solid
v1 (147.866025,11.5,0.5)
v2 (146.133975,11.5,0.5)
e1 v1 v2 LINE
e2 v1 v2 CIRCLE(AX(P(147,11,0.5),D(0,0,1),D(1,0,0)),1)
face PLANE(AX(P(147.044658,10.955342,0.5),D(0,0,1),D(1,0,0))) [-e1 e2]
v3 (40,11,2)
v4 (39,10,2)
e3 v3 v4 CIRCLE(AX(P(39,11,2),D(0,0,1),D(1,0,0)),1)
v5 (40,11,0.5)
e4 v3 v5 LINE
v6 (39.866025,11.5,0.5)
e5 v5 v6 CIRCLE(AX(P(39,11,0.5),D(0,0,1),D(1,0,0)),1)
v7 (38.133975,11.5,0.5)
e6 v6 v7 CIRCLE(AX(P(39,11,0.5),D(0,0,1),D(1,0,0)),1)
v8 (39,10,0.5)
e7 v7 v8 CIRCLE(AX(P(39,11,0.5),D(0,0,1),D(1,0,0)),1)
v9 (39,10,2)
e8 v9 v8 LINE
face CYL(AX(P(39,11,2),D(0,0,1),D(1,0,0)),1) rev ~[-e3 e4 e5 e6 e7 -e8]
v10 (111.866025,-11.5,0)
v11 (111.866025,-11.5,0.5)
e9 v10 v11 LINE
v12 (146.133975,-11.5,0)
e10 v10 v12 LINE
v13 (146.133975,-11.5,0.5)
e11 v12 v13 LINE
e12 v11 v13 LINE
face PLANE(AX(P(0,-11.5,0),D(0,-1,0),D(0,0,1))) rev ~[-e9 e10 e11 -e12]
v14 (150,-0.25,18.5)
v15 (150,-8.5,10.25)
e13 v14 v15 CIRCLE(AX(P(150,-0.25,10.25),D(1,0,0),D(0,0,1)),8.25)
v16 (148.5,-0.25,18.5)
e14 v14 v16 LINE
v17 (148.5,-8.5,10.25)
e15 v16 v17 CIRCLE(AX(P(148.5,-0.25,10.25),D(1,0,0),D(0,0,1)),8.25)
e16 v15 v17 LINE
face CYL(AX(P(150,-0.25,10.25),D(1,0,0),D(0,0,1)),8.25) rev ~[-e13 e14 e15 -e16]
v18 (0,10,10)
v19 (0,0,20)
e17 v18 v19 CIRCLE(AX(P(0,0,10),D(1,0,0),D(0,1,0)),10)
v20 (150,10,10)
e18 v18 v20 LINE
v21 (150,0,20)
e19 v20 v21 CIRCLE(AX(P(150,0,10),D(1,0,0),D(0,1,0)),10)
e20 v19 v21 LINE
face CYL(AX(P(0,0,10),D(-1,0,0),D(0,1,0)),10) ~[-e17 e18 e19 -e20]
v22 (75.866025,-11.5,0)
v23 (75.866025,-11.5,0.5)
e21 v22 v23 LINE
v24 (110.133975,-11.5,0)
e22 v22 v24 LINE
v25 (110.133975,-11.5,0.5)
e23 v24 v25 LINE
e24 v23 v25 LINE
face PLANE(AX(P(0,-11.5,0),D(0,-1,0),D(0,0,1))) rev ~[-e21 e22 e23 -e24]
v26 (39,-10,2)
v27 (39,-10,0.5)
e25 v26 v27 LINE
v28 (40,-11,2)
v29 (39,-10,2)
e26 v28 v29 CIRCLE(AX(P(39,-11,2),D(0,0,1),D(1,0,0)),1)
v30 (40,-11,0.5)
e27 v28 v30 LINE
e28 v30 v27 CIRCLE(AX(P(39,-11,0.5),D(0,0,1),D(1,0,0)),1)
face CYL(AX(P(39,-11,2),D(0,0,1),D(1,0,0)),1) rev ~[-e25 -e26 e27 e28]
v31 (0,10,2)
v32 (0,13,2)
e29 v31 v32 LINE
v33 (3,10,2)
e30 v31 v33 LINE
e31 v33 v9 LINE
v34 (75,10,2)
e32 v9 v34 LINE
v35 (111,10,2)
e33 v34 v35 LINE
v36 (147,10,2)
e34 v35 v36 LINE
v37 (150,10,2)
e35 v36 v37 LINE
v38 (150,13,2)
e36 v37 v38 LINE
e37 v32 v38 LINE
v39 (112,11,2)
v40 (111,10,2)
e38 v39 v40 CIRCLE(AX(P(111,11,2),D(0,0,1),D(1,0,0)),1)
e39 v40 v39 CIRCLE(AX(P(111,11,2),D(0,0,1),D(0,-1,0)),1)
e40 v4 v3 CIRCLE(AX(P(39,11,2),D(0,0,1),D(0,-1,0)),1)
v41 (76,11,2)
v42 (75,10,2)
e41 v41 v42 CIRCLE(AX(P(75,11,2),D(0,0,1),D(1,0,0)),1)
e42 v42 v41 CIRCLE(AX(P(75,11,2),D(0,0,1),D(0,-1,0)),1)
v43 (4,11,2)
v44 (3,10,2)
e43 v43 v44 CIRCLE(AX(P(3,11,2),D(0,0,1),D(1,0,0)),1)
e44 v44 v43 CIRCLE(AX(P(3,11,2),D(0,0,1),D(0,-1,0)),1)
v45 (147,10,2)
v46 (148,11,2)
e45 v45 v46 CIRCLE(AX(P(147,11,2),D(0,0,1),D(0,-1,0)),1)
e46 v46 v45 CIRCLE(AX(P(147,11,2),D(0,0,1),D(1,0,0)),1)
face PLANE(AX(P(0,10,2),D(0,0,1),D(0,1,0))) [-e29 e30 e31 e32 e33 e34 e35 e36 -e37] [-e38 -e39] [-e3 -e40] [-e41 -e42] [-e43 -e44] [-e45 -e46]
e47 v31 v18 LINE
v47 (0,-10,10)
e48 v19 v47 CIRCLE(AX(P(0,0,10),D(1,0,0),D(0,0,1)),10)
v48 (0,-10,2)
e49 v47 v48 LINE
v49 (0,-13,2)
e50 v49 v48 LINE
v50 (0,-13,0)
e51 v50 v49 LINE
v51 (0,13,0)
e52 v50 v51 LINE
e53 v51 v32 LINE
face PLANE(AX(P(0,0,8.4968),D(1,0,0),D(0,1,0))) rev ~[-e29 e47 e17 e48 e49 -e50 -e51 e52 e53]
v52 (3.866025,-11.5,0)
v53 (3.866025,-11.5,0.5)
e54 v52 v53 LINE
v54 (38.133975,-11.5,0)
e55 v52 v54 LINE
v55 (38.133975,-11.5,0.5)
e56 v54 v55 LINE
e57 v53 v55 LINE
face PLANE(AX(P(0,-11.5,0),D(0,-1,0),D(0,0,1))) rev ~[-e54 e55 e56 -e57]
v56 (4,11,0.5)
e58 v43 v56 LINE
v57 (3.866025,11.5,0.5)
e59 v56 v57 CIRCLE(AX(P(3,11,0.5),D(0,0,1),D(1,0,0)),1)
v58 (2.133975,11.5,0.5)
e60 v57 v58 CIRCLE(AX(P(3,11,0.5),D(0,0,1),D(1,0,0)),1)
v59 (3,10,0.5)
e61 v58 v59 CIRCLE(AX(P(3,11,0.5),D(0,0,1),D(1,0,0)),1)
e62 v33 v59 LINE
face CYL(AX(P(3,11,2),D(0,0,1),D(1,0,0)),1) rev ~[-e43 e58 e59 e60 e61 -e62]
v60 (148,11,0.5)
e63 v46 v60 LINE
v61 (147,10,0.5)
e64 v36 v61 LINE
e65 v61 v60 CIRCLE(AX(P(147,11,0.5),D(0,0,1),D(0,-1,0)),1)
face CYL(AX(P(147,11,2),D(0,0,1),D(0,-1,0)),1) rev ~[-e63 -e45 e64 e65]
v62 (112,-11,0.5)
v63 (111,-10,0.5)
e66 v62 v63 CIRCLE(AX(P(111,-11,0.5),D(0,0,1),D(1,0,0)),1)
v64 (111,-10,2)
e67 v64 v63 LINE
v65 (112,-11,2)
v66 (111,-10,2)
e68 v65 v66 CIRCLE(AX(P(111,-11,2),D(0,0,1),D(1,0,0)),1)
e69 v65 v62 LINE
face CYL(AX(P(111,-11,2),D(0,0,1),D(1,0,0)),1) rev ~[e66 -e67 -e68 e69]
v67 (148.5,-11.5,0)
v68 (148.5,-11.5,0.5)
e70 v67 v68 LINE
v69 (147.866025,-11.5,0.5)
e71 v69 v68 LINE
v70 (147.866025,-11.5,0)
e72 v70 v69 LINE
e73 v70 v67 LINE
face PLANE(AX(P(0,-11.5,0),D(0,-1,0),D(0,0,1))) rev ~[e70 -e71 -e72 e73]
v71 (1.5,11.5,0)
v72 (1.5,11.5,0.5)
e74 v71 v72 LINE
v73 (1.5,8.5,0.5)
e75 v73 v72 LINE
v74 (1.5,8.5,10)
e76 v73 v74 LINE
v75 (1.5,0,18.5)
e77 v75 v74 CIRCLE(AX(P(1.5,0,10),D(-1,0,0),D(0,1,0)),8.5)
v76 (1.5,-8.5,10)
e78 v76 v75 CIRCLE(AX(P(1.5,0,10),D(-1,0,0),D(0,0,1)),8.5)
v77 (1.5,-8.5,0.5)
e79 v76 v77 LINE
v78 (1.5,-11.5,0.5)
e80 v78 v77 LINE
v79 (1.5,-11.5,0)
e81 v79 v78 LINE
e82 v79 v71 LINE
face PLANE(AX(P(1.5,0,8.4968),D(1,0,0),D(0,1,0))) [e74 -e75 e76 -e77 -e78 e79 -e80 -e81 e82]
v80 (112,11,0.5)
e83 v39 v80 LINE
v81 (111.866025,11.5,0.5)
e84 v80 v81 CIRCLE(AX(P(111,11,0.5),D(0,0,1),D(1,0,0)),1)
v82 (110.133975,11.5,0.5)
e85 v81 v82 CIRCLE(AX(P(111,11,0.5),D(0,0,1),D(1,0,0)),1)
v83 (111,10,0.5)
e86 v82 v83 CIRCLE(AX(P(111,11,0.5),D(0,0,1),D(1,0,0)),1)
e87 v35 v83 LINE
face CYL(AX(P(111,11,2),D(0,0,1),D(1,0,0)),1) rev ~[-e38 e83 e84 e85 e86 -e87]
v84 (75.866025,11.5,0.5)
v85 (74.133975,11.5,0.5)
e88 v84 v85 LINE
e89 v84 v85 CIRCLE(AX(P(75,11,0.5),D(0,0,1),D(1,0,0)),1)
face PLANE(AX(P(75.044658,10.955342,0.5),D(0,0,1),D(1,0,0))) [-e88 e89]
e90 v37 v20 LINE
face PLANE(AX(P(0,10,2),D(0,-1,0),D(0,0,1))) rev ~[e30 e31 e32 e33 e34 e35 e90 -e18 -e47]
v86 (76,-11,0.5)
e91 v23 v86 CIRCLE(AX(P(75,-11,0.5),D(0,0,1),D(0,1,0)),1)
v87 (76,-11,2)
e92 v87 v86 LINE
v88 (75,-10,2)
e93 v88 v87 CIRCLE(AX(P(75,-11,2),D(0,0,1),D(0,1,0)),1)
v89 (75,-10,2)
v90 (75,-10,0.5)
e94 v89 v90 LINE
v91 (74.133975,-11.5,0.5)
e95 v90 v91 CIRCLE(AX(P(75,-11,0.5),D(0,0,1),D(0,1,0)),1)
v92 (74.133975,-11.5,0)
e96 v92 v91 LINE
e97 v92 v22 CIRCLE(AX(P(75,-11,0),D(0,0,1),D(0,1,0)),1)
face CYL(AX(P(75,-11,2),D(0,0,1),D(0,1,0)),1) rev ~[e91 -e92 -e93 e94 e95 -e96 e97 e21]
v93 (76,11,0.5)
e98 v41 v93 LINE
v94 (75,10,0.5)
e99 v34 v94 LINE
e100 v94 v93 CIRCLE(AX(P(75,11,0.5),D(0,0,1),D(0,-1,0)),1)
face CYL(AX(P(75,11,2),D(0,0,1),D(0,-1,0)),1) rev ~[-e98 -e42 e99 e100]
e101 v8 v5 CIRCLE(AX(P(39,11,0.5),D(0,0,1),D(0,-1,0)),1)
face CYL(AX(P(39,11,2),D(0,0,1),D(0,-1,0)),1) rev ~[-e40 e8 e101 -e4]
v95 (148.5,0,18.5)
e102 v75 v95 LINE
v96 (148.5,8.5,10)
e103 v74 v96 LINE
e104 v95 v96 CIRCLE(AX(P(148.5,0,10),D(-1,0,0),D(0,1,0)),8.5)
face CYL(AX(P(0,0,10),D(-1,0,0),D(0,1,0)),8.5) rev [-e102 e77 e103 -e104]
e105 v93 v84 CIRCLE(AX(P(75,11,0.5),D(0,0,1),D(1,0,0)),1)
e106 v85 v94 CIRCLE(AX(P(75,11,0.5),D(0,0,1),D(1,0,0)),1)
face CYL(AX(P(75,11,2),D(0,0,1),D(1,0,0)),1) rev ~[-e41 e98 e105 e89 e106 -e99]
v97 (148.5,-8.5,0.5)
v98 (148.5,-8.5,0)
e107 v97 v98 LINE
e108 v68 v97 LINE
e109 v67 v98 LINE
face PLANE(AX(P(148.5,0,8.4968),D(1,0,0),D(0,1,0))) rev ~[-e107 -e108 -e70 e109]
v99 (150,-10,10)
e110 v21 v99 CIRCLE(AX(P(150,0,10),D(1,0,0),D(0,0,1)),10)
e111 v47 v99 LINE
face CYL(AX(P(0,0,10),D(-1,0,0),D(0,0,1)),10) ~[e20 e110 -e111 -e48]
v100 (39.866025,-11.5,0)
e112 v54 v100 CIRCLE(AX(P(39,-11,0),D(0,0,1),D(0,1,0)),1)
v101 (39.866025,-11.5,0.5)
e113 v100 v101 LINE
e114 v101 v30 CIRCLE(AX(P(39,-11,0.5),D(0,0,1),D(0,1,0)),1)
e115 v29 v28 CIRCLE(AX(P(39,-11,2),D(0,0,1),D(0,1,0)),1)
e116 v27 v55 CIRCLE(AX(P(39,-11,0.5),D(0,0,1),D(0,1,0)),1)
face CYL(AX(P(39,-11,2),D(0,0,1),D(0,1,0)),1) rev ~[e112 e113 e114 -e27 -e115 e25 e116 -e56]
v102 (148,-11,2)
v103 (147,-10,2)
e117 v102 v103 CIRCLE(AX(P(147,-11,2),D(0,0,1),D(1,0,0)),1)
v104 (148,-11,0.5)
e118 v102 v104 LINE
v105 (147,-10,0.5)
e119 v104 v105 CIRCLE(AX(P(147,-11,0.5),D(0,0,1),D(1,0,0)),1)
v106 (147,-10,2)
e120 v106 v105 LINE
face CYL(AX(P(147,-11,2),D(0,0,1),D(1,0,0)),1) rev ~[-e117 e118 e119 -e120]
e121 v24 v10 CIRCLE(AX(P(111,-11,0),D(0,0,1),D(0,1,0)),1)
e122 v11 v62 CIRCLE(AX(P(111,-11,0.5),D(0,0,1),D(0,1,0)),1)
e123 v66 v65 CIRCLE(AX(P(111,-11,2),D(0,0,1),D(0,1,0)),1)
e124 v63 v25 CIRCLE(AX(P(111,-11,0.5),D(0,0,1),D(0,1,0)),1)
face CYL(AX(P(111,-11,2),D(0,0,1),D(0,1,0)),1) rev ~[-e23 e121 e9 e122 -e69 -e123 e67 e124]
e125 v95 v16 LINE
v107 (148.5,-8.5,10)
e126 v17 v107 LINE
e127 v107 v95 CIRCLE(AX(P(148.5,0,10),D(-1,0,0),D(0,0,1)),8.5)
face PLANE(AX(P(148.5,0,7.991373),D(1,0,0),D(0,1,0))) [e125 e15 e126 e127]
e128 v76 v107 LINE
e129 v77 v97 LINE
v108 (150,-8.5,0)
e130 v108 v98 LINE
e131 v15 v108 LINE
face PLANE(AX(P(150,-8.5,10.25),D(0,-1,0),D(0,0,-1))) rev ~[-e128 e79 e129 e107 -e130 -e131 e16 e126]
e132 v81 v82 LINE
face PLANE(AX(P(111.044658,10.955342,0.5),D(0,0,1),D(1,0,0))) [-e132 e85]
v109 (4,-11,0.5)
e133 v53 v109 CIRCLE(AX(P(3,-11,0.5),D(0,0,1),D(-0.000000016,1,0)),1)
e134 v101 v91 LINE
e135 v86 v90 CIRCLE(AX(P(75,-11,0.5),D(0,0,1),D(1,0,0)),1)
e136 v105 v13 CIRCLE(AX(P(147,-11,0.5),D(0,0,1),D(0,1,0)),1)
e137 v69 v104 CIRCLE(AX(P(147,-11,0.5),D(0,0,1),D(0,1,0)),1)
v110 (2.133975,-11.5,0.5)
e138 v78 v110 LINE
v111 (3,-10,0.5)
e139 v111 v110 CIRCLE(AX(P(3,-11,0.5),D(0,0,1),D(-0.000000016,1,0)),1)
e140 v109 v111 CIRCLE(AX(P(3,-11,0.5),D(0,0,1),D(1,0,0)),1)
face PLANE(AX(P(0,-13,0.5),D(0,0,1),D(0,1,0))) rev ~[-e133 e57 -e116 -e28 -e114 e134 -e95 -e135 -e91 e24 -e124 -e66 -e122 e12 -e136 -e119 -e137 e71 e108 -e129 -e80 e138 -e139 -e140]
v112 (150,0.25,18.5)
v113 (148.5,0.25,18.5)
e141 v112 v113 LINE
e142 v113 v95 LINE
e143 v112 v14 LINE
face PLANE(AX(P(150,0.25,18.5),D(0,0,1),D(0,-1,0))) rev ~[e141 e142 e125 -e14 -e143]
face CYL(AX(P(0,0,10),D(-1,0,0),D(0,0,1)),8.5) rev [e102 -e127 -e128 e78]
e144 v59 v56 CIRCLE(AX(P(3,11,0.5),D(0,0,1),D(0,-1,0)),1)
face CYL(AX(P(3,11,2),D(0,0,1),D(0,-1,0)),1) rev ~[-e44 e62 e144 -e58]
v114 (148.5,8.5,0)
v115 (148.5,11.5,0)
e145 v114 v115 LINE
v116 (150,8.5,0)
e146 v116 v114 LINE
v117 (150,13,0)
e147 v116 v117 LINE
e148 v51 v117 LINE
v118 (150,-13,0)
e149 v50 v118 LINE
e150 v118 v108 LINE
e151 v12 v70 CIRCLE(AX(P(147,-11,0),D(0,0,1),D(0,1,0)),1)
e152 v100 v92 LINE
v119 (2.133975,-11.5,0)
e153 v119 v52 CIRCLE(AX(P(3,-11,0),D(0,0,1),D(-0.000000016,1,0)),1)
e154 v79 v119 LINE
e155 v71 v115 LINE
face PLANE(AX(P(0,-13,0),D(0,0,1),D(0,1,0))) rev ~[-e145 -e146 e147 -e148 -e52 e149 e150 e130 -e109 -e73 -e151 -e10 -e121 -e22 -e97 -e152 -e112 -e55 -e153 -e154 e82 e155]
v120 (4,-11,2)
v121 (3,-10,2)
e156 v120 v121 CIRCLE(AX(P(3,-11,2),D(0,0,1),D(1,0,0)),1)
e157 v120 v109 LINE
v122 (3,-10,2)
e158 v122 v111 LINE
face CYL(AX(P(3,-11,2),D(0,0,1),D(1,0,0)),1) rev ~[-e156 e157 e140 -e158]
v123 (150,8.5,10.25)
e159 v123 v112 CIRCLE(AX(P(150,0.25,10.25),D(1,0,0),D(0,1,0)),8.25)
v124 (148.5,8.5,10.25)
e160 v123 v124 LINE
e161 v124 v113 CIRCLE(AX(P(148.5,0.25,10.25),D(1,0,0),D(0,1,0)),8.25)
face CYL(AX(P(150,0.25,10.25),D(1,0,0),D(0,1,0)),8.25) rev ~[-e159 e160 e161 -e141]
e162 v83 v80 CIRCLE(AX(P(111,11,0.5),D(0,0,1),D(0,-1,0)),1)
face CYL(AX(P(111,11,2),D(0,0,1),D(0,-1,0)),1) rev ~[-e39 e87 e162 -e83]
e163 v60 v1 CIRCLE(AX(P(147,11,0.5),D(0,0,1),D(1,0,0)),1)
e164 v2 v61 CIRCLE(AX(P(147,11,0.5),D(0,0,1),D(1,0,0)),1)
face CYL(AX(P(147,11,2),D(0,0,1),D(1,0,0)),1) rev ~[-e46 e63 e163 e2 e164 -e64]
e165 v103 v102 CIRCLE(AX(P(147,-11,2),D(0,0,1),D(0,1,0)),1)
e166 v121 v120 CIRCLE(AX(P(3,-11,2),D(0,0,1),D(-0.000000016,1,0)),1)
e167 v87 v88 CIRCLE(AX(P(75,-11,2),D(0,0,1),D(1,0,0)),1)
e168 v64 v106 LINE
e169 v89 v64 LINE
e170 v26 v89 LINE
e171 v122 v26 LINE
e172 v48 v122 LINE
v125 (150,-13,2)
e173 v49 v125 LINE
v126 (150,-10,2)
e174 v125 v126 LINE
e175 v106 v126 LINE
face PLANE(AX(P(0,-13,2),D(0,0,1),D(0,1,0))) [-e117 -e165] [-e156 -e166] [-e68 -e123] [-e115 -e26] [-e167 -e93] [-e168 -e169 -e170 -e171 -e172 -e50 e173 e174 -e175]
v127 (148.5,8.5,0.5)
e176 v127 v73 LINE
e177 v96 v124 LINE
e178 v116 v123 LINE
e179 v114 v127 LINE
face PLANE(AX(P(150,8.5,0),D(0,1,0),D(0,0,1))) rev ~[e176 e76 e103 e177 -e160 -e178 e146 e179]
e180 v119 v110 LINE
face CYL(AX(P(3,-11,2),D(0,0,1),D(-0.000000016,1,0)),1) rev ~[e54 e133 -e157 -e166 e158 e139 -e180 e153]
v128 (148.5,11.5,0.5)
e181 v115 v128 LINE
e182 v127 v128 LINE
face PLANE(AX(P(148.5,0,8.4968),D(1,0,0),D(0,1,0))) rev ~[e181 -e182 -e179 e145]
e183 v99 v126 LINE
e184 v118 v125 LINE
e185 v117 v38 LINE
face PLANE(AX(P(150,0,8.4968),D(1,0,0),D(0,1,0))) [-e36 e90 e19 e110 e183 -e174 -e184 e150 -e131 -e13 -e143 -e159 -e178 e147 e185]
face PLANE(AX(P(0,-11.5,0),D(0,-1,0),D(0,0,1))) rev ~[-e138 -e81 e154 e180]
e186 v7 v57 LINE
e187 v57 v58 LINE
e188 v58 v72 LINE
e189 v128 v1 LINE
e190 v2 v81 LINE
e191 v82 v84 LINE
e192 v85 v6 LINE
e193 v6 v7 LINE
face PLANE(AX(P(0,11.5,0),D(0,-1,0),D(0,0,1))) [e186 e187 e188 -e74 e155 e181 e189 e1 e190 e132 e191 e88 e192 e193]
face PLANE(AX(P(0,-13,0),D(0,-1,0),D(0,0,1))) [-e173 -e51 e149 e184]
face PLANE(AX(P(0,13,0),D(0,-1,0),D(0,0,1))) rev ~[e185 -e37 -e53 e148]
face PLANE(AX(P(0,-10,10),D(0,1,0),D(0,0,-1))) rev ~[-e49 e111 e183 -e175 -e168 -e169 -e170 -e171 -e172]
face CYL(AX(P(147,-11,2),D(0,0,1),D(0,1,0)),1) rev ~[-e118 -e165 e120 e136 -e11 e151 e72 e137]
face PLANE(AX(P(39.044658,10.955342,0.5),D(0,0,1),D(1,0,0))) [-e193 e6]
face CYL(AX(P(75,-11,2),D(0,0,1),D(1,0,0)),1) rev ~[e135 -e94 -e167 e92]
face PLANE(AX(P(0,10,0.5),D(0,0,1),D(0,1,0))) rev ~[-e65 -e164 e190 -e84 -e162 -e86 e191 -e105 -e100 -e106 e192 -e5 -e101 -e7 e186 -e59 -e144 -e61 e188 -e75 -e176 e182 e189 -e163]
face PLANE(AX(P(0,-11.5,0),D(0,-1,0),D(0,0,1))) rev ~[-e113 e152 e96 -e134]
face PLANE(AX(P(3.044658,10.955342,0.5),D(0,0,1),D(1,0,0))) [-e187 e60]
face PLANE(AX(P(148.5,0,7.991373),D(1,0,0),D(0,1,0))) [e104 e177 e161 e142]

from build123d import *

# Parameters (mm, degrees)
F0_W     = 3
F0_H     = 2
F1_DEPTH = 150
F2_T     = -1.5
F4_DEPTH = 1.5
F6_DEPTH = 1.5
F8_DEPTH = 2


with BuildPart() as f1:
    # F0 (on Right) → F1 (new body)
    with BuildSketch(Plane.YZ):
        with BuildLine():
            Line((-10, 2), (-10, 0))
            Line((-10, 0), (10, 0))
            Line((10, 0), (10, 2))
            Line((10, 2), (10, 10))
            ThreePointArc((10, 10), (7.0710678119, 17.0710678119), (0, 20))
            ThreePointArc((0, 20), (-7.0710678119, 17.0710678119), (-10, 10))
            Line((-10, 10), (-10, 2))
        make_face()
        with Locations((-11.5, 1)):
            Rectangle(F0_W, F0_H)
        with Locations((11.5, 1)):
            Rectangle(F0_W, F0_H)
    extrude(amount=F1_DEPTH)

    # F2
    f2_openings = [f1.faces().sort_by_distance(p)[0] for p in [
        (75, 0, 0),
    ]]
    offset(amount=F2_T, openings=f2_openings, kind=Kind.INTERSECTION)

    # F3 (on face) → F4 (cut)
    with BuildSketch(Plane.YZ.offset(150)):
        with BuildLine():
            Line((-8.5, 10.25), (-8.5, 0))
            Line((-8.5, 0), (8.5, 0))
            Line((8.5, 0), (8.5, 10.25))
            ThreePointArc((8.5, 10.25), (6.0836309448, 16.0836309448), (0.25, 18.5))
            Line((0.25, 18.5), (-0.25, 18.5))
            ThreePointArc((-0.25, 18.5), (-6.0836309448, 16.0836309448), (-8.5, 10.25))
        make_face()
    extrude(amount=-F4_DEPTH, mode=Mode.SUBTRACT)

    # F5 (on face) → F6 (cut)
    with BuildSketch(Plane.XY.offset(2)):
        with BuildLine():
            ThreePointArc((4, 11), (2.2928932188, 11.7071067812), (3, 10))
            ThreePointArc((3, 10), (3.7071067812, 10.2928932188), (4, 11))
        make_face()
        with BuildLine():
            ThreePointArc((40, 11), (38.2928932188, 11.7071067812), (39, 10))
            ThreePointArc((39, 10), (39.7071067812, 10.2928932188), (40, 11))
        make_face()
        with BuildLine():
            ThreePointArc((76, 11), (74.2928932188, 11.7071067812), (75, 10))
            ThreePointArc((75, 10), (75.7071067812, 10.2928932188), (76, 11))
        make_face()
        with BuildLine():
            ThreePointArc((111, 10), (111.7071067812, 10.2928932188), (112, 11))
            ThreePointArc((112, 11), (110.2928932188, 11.7071067812), (111, 10))
        make_face()
        with BuildLine():
            ThreePointArc((148, 11), (146.2928932188, 11.7071067812), (147, 10))
            ThreePointArc((147, 10), (147.7071067812, 10.2928932188), (148, 11))
        make_face()
    extrude(amount=-F6_DEPTH, mode=Mode.SUBTRACT)

    # F7 (on face) → F8 (cut)
    with BuildSketch(Plane.XY.offset(2)):
        with BuildLine():
            ThreePointArc((148, -11), (147.7071067812, -10.2928932188), (147, -10))
            ThreePointArc((147, -10), (146.2928932188, -11.7071067812), (148, -11))
        make_face()
        with BuildLine():
            ThreePointArc((112, -11), (111.7071067812, -10.2928932188), (111, -10))
            ThreePointArc((111, -10), (110.2928932188, -11.7071067812), (112, -11))
        make_face()
        with BuildLine():
            ThreePointArc((76, -11), (75.7071067812, -10.2928932188), (75, -10))
            ThreePointArc((75, -10), (74.2928932188, -11.7071067812), (76, -11))
        make_face()
        with BuildLine():
            ThreePointArc((40, -11), (39.7071067813, -10.2928932189), (39.0000000002, -10))
            ThreePointArc((39.0000000002, -10), (38.2928932187, -11.7071067811), (40, -11))
        make_face()
        with BuildLine():
            ThreePointArc((2.9999999838, -10), (2.2928932245, -11.7071067869), (4, -11))
            ThreePointArc((4, -11), (3.7071067755, -10.2928932131), (2.9999999838, -10))
        make_face()
    extrude(amount=-F8_DEPTH, mode=Mode.SUBTRACT)


solid = f1.part
